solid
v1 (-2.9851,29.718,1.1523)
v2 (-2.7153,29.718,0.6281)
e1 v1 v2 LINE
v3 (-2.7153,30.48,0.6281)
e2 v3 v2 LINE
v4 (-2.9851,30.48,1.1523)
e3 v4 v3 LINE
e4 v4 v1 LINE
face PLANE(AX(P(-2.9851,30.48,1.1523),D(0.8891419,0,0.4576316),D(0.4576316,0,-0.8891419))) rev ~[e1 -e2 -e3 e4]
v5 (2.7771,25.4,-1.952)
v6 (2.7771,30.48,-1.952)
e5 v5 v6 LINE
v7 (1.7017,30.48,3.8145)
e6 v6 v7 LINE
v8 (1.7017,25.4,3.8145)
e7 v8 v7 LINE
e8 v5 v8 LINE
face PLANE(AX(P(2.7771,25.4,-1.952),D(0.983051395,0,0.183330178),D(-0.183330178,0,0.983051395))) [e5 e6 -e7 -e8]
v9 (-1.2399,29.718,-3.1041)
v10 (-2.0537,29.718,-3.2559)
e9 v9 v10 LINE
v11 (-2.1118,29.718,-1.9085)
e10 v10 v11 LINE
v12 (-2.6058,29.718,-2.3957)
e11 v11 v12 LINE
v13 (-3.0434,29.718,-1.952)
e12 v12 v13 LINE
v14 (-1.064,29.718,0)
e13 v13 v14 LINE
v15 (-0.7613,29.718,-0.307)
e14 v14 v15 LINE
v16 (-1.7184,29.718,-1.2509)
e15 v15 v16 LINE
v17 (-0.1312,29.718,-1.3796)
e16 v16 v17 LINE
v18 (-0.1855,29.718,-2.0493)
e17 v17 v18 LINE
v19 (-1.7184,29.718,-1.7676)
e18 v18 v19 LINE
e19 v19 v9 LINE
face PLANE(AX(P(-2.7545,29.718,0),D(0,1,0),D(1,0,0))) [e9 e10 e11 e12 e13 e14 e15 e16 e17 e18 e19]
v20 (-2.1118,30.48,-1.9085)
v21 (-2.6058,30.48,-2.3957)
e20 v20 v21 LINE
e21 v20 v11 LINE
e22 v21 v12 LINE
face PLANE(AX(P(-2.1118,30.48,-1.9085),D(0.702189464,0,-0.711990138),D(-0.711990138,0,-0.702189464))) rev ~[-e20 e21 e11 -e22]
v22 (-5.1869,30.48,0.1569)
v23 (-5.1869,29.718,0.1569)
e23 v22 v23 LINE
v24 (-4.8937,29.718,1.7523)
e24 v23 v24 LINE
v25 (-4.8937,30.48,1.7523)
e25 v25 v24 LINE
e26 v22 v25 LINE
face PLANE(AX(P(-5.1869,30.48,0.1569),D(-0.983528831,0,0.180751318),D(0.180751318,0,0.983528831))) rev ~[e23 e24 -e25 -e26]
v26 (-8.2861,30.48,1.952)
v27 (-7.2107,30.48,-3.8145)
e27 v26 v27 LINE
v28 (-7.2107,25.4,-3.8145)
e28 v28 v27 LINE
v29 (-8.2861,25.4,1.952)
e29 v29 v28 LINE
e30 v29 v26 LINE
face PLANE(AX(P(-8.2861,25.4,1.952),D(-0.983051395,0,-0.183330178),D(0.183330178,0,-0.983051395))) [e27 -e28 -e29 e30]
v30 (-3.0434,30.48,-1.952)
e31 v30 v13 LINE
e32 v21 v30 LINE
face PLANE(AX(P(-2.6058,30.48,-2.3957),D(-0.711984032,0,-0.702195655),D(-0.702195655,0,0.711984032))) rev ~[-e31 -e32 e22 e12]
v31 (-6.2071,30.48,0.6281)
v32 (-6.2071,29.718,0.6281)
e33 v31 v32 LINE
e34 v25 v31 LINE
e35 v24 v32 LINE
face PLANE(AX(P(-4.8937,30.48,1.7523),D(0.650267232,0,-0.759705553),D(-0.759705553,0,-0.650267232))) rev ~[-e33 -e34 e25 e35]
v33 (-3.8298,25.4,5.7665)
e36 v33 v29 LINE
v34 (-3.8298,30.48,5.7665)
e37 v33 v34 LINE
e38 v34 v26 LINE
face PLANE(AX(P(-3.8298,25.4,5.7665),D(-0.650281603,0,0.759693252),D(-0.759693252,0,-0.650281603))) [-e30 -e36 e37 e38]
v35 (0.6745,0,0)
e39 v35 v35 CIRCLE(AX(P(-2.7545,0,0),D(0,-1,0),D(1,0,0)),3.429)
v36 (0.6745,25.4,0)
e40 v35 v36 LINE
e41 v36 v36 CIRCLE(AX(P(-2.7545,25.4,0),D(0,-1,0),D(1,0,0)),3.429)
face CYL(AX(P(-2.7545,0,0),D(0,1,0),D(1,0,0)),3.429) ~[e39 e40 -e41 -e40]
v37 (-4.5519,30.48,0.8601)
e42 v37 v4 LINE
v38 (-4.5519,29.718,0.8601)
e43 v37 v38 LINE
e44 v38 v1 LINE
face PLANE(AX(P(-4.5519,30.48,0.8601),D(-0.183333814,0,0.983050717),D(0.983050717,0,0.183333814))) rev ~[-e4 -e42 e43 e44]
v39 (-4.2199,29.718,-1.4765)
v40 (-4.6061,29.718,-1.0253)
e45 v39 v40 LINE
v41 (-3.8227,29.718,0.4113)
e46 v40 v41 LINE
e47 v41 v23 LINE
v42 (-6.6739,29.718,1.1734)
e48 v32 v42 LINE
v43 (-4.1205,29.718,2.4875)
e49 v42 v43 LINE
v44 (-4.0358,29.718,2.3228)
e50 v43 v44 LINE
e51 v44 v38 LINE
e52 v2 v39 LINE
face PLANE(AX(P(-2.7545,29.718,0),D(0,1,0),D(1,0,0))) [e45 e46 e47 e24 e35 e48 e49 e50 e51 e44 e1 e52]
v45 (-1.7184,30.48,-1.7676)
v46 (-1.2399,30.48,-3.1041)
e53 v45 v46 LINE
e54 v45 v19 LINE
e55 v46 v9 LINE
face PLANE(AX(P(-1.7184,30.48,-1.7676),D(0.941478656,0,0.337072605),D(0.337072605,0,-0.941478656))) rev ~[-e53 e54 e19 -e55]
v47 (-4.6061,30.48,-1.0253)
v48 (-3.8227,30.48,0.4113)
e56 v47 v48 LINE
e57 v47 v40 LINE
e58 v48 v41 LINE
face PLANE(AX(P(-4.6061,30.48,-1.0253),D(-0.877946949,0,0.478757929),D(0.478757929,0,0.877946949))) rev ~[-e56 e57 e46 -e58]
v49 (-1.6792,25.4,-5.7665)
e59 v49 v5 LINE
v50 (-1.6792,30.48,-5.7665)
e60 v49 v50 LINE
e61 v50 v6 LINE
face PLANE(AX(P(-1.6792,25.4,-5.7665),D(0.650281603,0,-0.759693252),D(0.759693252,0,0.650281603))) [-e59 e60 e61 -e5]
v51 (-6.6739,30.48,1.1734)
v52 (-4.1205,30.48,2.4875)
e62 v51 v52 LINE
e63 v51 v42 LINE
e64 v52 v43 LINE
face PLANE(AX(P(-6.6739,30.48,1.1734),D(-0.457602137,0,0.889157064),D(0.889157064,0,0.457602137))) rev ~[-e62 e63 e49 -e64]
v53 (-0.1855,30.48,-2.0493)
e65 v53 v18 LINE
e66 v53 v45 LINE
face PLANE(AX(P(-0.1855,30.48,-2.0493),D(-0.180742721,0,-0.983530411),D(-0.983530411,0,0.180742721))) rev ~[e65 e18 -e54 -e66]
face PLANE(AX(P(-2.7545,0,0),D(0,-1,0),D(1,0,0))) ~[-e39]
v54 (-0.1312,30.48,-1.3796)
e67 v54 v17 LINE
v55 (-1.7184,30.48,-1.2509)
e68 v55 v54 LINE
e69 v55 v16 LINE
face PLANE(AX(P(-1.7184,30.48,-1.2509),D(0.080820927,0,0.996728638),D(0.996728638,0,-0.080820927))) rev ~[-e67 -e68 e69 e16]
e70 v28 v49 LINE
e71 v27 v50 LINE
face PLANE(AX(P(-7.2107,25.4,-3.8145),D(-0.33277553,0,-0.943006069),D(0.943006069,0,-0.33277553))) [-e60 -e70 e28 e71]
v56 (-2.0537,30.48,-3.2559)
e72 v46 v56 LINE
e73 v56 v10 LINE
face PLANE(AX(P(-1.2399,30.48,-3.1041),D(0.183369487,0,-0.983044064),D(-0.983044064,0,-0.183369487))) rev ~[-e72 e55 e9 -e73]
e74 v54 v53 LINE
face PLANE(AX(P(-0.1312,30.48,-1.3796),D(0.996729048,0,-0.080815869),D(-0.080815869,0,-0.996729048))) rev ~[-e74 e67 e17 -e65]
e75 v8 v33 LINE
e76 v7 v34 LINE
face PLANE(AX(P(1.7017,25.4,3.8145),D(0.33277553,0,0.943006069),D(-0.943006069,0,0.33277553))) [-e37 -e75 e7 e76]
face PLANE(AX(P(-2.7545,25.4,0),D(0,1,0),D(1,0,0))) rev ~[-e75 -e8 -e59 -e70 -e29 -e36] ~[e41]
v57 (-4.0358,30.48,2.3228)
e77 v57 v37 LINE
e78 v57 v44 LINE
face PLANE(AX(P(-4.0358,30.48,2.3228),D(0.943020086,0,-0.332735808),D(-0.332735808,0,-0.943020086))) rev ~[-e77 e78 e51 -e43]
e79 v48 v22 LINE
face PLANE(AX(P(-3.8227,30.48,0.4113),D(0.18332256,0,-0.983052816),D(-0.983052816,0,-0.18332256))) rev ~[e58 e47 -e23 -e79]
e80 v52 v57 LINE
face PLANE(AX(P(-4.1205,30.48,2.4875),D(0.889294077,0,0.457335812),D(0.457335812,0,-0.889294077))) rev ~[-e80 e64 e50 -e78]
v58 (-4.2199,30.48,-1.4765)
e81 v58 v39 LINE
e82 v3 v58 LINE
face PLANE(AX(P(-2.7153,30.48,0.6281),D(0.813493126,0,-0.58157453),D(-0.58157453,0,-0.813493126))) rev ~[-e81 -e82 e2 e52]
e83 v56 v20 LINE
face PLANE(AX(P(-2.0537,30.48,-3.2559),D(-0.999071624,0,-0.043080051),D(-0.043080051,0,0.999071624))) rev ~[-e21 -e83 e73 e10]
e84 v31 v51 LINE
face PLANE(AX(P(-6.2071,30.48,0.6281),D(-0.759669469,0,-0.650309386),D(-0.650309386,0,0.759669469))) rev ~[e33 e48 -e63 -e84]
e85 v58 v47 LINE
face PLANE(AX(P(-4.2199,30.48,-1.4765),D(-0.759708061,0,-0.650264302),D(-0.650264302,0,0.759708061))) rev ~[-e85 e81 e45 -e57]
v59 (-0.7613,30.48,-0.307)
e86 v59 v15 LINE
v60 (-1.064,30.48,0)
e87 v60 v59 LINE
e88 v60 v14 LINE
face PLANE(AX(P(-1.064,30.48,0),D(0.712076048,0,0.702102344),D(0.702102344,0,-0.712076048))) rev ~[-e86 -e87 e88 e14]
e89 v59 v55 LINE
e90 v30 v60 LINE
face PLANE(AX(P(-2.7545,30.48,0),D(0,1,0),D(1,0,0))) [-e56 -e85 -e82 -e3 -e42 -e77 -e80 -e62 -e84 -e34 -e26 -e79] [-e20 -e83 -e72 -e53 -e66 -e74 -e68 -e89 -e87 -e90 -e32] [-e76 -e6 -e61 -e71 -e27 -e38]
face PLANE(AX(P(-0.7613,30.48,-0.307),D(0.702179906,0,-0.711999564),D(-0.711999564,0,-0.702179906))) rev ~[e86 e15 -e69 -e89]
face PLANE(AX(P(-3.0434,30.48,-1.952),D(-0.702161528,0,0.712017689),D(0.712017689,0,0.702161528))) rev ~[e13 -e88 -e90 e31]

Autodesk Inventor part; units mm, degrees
ref_plane "YZ Plane" through (0, 0, 0) normal (1, 0, 0) x (0, 1, 0)
ref_plane "XZ Plane" through (0, 0, 0) normal (0, 1, 0) x (-1, 0, 0)
ref_plane "XY Plane" through (0, 0, 0) normal (0, 0, 1) x (1, 0, 0)
sketch "Sketch1" plane through (0, 0, 0) normal (0, 0, 1) x (1, 0, 0)
  line L0 (-2.7545, 0) -> (0.6745, 0)
  line L1 (0.6745, 0) -> (0.6745, 25.4)
  line L2 (0.6745, 25.4) -> (-2.7545, 25.4)
  line L3 (-2.7545, 25.4) -> (-2.7545, 0)
  point P0 (0, 0)
  dimension "d0" = 3.429
  dimension "d1" = 25.4
revolve "Revolution1" add sketch "Sketch1" angle 360 about axis through (-2.7545, 25.4, 0) along (0, -1, 0)
sketch "Sketch2" plane through (-2.7545, 25.4, 0) normal (0, 1, 0) x (1, 0, 0)
  circle A0 centre (0, 0) radius 3.429 projected
  line L0 (-1.0753, -5.7665) -> (-5.5316, -1.952)
  line L1 (-5.5316, -1.952) -> (-4.4562, 3.8145)
  line L2 (-4.4562, 3.8145) -> (1.0753, 5.7665)
  line L3 (1.0753, 5.7665) -> (5.5316, 1.952)
  line L4 (5.5316, 1.952) -> (4.4562, -3.8145)
  line L5 (4.4562, -3.8145) -> (-1.0753, -5.7665)
  point P0 (2.7545, 0)
  dimension "d3" = 5.08
extrude "Extrusion1" add sketch "Sketch2" along normal blind 5.08 contours A0 | L0 L1 L2 L3 L4 L5
thread "Thread1" size "5/16-18 UNC" class "2A" standard "ANSI Unified Screw Threads" full length
sketch "Sketch3" plane through (-2.7545, 30.48, 0) normal (0, 1, 0) x (1, 0, 0)
  line L0 (5.5316, 1.952) -> (4.4562, -3.8145) projected
  line L1 (1.0753, 5.7665) -> (5.5316, 1.952) projected
  line L2 (-4.4562, 3.8145) -> (1.0753, 5.7665) projected
  line L3 (-3.9194, -1.1734) -> (-1.366, -2.4875)
  line L4 (-1.366, -2.4875) -> (-1.2813, -2.3228)
  line L5 (-1.2813, -2.3228) -> (-1.7974, -0.8601)
  line L6 (-1.7974, -0.8601) -> (-0.2306, -1.1523)
  line L7 (-0.2306, -1.1523) -> (0.0392, -0.6281)
  line L8 (0.0392, -0.6281) -> (-1.4654, 1.4765)
  line L9 (-1.4654, 1.4765) -> (-1.8516, 1.0253)
  line L10 (-1.8516, 1.0253) -> (-1.0682, -0.4113)
  line L11 (-1.0682, -0.4113) -> (-2.4324, -0.1569)
  line L12 (-2.4324, -0.1569) -> (-2.1392, -1.7523)
  line L13 (-2.1392, -1.7523) -> (-3.4526, -0.6281)
  line L14 (-3.4526, -0.6281) -> (-3.9194, -1.1734)
  line L15 (-0.2889, 1.952) -> (1.6905, 0)
  line L16 (1.6905, 0) -> (1.9932, 0.307)
  line L17 (1.9932, 0.307) -> (1.0361, 1.2509)
  line L18 (1.0361, 1.2509) -> (2.6233, 1.3796)
  line L19 (2.6233, 1.3796) -> (2.569, 2.0493)
  line L20 (2.569, 2.0493) -> (1.0361, 1.7676)
  line L21 (1.0361, 1.7676) -> (1.5146, 3.1041)
  line L22 (1.5146, 3.1041) -> (0.7008, 3.2559)
  line L23 (0.7008, 3.2559) -> (0.6427, 1.9085)
  line L24 (0.6427, 1.9085) -> (0.1487, 2.3957)
  line L25 (0.1487, 2.3957) -> (-0.2889, 1.952)
  point P0 (2.7545, 0)
extrude "Extrusion2" cut sketch "Sketch3" against normal blind 0.762
properties part number "1in bolt"
